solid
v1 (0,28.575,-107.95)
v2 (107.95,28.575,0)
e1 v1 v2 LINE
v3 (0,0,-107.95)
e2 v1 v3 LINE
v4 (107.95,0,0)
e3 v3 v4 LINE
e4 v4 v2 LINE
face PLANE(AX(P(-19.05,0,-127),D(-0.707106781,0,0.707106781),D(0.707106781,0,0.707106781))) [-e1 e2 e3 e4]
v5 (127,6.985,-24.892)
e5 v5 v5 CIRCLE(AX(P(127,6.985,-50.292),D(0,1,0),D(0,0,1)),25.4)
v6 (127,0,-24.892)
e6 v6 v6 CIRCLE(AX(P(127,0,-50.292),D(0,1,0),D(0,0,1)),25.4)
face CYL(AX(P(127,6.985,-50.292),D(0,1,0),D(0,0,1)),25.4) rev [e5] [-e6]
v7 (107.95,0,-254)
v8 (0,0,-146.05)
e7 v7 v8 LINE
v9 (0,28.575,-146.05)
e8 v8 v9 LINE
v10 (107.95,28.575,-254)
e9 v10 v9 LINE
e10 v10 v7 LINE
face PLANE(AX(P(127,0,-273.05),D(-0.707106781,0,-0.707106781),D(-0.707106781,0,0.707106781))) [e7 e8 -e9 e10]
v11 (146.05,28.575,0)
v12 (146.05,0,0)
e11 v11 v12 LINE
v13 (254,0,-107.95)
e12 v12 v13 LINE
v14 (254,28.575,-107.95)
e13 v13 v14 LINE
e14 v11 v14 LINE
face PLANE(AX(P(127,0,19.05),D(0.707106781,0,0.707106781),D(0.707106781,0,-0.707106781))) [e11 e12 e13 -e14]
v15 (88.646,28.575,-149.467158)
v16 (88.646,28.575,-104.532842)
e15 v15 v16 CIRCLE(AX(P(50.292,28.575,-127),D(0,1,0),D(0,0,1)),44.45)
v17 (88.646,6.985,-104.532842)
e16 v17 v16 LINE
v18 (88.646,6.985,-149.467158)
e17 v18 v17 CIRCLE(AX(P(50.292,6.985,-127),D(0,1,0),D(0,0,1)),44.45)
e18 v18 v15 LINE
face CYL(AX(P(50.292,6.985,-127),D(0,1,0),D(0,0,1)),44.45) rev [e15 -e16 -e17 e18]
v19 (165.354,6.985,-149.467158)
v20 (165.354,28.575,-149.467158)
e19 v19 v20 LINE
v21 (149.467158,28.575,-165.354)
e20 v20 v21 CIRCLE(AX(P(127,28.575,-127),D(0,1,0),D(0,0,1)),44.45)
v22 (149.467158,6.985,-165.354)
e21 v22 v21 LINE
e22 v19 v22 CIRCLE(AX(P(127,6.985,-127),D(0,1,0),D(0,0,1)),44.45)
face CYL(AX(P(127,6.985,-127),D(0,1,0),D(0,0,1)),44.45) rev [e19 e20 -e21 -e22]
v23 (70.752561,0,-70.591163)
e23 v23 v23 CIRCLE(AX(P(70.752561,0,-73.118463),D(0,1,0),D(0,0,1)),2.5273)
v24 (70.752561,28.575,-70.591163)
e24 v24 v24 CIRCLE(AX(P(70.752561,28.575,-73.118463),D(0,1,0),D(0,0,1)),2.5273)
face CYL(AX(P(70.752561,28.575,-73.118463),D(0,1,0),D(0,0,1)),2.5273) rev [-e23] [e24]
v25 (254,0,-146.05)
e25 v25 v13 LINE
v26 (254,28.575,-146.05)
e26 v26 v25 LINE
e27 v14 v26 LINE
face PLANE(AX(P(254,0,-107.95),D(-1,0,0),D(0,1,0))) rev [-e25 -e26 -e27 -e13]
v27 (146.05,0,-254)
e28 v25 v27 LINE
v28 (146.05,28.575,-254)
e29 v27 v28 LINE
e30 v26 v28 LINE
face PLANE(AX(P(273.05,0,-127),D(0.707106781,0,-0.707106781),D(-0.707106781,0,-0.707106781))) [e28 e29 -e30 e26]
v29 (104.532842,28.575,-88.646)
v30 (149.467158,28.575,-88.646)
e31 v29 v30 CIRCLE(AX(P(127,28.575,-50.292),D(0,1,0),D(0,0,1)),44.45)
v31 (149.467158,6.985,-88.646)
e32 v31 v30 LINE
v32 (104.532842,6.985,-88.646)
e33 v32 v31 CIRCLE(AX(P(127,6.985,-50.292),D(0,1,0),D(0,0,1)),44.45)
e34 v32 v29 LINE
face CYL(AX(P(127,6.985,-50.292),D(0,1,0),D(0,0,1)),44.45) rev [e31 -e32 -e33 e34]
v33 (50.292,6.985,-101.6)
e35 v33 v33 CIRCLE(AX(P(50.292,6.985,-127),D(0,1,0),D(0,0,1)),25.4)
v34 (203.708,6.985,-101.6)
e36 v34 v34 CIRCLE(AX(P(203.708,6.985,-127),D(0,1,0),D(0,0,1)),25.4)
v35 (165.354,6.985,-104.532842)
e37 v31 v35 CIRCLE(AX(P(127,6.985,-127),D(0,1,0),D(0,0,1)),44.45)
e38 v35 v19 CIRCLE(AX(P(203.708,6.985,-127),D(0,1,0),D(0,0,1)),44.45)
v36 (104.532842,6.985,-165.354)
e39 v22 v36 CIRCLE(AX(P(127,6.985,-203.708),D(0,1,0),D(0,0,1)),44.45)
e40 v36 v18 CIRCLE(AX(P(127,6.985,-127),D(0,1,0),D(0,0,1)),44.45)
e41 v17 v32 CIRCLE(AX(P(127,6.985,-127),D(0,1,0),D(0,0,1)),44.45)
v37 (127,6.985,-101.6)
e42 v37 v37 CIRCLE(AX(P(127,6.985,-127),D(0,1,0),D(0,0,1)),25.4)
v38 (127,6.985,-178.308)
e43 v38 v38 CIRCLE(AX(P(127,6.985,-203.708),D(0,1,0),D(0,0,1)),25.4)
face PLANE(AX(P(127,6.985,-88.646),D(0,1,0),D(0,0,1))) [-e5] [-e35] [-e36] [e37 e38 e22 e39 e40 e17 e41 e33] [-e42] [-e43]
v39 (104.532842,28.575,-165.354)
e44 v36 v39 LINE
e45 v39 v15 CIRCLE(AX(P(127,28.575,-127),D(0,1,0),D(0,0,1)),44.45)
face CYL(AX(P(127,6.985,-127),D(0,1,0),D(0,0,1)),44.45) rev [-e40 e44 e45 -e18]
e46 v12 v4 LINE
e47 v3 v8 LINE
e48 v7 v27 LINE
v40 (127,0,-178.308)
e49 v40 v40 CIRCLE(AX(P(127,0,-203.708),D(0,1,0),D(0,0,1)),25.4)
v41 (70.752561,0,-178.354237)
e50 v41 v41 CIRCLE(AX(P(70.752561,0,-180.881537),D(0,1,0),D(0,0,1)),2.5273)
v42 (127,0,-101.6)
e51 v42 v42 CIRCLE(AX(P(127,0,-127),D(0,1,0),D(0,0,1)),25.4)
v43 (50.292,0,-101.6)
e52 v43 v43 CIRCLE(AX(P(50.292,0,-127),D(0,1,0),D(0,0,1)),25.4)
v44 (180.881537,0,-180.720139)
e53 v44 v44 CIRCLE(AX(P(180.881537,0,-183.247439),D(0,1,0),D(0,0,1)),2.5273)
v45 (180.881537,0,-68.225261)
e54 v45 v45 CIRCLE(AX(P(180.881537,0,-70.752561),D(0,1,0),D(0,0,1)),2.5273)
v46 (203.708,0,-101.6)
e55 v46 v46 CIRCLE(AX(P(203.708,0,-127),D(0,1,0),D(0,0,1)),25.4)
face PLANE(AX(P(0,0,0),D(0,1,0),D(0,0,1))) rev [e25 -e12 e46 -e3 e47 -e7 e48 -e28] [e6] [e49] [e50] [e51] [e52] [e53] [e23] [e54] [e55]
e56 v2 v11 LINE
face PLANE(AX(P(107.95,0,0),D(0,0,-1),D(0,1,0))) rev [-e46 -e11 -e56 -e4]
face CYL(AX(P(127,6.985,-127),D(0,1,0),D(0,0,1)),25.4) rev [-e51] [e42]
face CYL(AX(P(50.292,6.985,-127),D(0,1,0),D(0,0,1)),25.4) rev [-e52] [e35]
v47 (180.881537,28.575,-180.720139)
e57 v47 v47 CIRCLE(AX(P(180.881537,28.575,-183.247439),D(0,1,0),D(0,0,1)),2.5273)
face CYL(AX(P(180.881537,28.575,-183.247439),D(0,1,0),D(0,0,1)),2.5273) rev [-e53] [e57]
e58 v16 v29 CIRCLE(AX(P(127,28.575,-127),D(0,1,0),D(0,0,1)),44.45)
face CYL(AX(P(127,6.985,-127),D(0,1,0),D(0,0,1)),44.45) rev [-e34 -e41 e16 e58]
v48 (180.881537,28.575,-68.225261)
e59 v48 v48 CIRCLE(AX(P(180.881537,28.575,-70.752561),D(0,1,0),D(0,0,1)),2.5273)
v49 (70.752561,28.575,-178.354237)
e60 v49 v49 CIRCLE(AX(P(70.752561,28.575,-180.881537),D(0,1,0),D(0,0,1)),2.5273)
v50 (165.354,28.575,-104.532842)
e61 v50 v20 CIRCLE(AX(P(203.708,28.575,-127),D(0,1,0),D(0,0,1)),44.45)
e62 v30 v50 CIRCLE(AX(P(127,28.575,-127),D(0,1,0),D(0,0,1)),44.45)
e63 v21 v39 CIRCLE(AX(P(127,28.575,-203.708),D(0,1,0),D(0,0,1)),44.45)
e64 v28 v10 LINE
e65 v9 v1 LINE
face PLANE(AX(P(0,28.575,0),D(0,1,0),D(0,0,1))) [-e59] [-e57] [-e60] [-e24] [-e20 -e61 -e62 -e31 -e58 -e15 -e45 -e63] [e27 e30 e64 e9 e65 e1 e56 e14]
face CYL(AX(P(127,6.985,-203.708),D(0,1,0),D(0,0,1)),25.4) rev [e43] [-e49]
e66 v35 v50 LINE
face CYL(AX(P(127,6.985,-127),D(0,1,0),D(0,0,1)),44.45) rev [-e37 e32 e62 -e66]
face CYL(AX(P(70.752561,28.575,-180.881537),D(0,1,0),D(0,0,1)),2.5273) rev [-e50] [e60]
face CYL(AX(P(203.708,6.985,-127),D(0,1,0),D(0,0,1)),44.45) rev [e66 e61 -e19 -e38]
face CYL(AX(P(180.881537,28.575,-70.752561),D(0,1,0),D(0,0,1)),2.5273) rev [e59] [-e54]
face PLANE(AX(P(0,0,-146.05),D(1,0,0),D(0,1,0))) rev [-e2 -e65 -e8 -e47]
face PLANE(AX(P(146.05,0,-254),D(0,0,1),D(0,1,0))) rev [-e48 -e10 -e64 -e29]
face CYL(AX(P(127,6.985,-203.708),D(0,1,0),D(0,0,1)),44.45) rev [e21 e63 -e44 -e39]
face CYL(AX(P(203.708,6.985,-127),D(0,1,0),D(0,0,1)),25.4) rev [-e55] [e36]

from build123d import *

# Parameters (mm, degrees)
BOSS_EXTRUDE1_DEPTH        = 28.575
CUT_EXTRUDE1_DEPTH         = 21.59
F_8_0_199_DIAMETER_HOLE1_D = 5.0546
HOLE1_D                    = 50.8
CHAMFER1_SIZE              = 26.940768363


with BuildPart() as part:
    # Sketch1 → Boss-Extrude1 (new body)
    with BuildSketch(Plane(origin=(0, 28.575, 0), x_dir=(1, 0, 0), z_dir=(0, 1, 0))):
        Polygon((127, 273.05), (-19.05, 127), (127, -19.05), (273.05, 127), align=None)
    extrude(amount=-BOSS_EXTRUDE1_DEPTH)

    # Sketch2 → Cut-Extrude1 (cut)
    with BuildSketch(Plane(origin=(0, 28.575, 0), x_dir=(-1, 0, 0), z_dir=(0, 1, 0))):
        with BuildLine():
            ThreePointArc((-149.467157898, -88.646), (-158.430896424, -95.569103576), (-165.354, -104.532842102))
            ThreePointArc((-165.354, -104.532842102), (-248.158, -127), (-165.354, -149.467157898))
            ThreePointArc((-165.354, -149.467157898), (-158.430896424, -158.430896424), (-149.467157898, -165.354))
            ThreePointArc((-149.467157898, -165.354), (-127, -248.158), (-104.532842102, -165.354))
            ThreePointArc((-104.532842102, -165.354), (-95.569103576, -158.430896424), (-88.646, -149.467157898))
            ThreePointArc((-88.646, -149.467157898), (-5.842, -127), (-88.646, -104.532842102))
            ThreePointArc((-88.646, -104.532842102), (-95.569103576, -95.569103576), (-104.532842102, -88.646))
            ThreePointArc((-104.532842102, -88.646), (-127, -5.842), (-149.467157898, -88.646))
        make_face()
    extrude(amount=-CUT_EXTRUDE1_DEPTH, mode=Mode.SUBTRACT)

    # #8 (0.199) Diameter Hole1 (through all)
    with Locations(Plane(origin=(0, 28.575, 0), x_dir=(1, 0, 0), z_dir=(0, 1, 0))):
        with Locations((180.881536726, 183.247438789), (180.881536726, 70.752561211), (70.752561211, 73.118463274), (70.752561211, 180.881536726)):
            Hole(F_8_0_199_DIAMETER_HOLE1_D / 2)

    # Hole1 (through all)
    with Locations(Plane(origin=(0, 6.985, 0), x_dir=(1, 0, 0), z_dir=(0, 1, 0))):
        with Locations((127, 127), (127, 203.708), (50.292, 127), (127, 50.292), (203.708, 127)):
            Hole(HOLE1_D / 2)

    # Chamfer1
    chamfer1_edges = [part.edges().sort_by_distance(p)[0] for p in [
        (273.05, 14.2875, -127),
        (127, 14.2875, 19.05),
        (-19.05, 14.2875, -127),
        (127, 14.2875, -273.05),
    ]]
    chamfer(chamfer1_edges, length=CHAMFER1_SIZE)


solid = part.part
